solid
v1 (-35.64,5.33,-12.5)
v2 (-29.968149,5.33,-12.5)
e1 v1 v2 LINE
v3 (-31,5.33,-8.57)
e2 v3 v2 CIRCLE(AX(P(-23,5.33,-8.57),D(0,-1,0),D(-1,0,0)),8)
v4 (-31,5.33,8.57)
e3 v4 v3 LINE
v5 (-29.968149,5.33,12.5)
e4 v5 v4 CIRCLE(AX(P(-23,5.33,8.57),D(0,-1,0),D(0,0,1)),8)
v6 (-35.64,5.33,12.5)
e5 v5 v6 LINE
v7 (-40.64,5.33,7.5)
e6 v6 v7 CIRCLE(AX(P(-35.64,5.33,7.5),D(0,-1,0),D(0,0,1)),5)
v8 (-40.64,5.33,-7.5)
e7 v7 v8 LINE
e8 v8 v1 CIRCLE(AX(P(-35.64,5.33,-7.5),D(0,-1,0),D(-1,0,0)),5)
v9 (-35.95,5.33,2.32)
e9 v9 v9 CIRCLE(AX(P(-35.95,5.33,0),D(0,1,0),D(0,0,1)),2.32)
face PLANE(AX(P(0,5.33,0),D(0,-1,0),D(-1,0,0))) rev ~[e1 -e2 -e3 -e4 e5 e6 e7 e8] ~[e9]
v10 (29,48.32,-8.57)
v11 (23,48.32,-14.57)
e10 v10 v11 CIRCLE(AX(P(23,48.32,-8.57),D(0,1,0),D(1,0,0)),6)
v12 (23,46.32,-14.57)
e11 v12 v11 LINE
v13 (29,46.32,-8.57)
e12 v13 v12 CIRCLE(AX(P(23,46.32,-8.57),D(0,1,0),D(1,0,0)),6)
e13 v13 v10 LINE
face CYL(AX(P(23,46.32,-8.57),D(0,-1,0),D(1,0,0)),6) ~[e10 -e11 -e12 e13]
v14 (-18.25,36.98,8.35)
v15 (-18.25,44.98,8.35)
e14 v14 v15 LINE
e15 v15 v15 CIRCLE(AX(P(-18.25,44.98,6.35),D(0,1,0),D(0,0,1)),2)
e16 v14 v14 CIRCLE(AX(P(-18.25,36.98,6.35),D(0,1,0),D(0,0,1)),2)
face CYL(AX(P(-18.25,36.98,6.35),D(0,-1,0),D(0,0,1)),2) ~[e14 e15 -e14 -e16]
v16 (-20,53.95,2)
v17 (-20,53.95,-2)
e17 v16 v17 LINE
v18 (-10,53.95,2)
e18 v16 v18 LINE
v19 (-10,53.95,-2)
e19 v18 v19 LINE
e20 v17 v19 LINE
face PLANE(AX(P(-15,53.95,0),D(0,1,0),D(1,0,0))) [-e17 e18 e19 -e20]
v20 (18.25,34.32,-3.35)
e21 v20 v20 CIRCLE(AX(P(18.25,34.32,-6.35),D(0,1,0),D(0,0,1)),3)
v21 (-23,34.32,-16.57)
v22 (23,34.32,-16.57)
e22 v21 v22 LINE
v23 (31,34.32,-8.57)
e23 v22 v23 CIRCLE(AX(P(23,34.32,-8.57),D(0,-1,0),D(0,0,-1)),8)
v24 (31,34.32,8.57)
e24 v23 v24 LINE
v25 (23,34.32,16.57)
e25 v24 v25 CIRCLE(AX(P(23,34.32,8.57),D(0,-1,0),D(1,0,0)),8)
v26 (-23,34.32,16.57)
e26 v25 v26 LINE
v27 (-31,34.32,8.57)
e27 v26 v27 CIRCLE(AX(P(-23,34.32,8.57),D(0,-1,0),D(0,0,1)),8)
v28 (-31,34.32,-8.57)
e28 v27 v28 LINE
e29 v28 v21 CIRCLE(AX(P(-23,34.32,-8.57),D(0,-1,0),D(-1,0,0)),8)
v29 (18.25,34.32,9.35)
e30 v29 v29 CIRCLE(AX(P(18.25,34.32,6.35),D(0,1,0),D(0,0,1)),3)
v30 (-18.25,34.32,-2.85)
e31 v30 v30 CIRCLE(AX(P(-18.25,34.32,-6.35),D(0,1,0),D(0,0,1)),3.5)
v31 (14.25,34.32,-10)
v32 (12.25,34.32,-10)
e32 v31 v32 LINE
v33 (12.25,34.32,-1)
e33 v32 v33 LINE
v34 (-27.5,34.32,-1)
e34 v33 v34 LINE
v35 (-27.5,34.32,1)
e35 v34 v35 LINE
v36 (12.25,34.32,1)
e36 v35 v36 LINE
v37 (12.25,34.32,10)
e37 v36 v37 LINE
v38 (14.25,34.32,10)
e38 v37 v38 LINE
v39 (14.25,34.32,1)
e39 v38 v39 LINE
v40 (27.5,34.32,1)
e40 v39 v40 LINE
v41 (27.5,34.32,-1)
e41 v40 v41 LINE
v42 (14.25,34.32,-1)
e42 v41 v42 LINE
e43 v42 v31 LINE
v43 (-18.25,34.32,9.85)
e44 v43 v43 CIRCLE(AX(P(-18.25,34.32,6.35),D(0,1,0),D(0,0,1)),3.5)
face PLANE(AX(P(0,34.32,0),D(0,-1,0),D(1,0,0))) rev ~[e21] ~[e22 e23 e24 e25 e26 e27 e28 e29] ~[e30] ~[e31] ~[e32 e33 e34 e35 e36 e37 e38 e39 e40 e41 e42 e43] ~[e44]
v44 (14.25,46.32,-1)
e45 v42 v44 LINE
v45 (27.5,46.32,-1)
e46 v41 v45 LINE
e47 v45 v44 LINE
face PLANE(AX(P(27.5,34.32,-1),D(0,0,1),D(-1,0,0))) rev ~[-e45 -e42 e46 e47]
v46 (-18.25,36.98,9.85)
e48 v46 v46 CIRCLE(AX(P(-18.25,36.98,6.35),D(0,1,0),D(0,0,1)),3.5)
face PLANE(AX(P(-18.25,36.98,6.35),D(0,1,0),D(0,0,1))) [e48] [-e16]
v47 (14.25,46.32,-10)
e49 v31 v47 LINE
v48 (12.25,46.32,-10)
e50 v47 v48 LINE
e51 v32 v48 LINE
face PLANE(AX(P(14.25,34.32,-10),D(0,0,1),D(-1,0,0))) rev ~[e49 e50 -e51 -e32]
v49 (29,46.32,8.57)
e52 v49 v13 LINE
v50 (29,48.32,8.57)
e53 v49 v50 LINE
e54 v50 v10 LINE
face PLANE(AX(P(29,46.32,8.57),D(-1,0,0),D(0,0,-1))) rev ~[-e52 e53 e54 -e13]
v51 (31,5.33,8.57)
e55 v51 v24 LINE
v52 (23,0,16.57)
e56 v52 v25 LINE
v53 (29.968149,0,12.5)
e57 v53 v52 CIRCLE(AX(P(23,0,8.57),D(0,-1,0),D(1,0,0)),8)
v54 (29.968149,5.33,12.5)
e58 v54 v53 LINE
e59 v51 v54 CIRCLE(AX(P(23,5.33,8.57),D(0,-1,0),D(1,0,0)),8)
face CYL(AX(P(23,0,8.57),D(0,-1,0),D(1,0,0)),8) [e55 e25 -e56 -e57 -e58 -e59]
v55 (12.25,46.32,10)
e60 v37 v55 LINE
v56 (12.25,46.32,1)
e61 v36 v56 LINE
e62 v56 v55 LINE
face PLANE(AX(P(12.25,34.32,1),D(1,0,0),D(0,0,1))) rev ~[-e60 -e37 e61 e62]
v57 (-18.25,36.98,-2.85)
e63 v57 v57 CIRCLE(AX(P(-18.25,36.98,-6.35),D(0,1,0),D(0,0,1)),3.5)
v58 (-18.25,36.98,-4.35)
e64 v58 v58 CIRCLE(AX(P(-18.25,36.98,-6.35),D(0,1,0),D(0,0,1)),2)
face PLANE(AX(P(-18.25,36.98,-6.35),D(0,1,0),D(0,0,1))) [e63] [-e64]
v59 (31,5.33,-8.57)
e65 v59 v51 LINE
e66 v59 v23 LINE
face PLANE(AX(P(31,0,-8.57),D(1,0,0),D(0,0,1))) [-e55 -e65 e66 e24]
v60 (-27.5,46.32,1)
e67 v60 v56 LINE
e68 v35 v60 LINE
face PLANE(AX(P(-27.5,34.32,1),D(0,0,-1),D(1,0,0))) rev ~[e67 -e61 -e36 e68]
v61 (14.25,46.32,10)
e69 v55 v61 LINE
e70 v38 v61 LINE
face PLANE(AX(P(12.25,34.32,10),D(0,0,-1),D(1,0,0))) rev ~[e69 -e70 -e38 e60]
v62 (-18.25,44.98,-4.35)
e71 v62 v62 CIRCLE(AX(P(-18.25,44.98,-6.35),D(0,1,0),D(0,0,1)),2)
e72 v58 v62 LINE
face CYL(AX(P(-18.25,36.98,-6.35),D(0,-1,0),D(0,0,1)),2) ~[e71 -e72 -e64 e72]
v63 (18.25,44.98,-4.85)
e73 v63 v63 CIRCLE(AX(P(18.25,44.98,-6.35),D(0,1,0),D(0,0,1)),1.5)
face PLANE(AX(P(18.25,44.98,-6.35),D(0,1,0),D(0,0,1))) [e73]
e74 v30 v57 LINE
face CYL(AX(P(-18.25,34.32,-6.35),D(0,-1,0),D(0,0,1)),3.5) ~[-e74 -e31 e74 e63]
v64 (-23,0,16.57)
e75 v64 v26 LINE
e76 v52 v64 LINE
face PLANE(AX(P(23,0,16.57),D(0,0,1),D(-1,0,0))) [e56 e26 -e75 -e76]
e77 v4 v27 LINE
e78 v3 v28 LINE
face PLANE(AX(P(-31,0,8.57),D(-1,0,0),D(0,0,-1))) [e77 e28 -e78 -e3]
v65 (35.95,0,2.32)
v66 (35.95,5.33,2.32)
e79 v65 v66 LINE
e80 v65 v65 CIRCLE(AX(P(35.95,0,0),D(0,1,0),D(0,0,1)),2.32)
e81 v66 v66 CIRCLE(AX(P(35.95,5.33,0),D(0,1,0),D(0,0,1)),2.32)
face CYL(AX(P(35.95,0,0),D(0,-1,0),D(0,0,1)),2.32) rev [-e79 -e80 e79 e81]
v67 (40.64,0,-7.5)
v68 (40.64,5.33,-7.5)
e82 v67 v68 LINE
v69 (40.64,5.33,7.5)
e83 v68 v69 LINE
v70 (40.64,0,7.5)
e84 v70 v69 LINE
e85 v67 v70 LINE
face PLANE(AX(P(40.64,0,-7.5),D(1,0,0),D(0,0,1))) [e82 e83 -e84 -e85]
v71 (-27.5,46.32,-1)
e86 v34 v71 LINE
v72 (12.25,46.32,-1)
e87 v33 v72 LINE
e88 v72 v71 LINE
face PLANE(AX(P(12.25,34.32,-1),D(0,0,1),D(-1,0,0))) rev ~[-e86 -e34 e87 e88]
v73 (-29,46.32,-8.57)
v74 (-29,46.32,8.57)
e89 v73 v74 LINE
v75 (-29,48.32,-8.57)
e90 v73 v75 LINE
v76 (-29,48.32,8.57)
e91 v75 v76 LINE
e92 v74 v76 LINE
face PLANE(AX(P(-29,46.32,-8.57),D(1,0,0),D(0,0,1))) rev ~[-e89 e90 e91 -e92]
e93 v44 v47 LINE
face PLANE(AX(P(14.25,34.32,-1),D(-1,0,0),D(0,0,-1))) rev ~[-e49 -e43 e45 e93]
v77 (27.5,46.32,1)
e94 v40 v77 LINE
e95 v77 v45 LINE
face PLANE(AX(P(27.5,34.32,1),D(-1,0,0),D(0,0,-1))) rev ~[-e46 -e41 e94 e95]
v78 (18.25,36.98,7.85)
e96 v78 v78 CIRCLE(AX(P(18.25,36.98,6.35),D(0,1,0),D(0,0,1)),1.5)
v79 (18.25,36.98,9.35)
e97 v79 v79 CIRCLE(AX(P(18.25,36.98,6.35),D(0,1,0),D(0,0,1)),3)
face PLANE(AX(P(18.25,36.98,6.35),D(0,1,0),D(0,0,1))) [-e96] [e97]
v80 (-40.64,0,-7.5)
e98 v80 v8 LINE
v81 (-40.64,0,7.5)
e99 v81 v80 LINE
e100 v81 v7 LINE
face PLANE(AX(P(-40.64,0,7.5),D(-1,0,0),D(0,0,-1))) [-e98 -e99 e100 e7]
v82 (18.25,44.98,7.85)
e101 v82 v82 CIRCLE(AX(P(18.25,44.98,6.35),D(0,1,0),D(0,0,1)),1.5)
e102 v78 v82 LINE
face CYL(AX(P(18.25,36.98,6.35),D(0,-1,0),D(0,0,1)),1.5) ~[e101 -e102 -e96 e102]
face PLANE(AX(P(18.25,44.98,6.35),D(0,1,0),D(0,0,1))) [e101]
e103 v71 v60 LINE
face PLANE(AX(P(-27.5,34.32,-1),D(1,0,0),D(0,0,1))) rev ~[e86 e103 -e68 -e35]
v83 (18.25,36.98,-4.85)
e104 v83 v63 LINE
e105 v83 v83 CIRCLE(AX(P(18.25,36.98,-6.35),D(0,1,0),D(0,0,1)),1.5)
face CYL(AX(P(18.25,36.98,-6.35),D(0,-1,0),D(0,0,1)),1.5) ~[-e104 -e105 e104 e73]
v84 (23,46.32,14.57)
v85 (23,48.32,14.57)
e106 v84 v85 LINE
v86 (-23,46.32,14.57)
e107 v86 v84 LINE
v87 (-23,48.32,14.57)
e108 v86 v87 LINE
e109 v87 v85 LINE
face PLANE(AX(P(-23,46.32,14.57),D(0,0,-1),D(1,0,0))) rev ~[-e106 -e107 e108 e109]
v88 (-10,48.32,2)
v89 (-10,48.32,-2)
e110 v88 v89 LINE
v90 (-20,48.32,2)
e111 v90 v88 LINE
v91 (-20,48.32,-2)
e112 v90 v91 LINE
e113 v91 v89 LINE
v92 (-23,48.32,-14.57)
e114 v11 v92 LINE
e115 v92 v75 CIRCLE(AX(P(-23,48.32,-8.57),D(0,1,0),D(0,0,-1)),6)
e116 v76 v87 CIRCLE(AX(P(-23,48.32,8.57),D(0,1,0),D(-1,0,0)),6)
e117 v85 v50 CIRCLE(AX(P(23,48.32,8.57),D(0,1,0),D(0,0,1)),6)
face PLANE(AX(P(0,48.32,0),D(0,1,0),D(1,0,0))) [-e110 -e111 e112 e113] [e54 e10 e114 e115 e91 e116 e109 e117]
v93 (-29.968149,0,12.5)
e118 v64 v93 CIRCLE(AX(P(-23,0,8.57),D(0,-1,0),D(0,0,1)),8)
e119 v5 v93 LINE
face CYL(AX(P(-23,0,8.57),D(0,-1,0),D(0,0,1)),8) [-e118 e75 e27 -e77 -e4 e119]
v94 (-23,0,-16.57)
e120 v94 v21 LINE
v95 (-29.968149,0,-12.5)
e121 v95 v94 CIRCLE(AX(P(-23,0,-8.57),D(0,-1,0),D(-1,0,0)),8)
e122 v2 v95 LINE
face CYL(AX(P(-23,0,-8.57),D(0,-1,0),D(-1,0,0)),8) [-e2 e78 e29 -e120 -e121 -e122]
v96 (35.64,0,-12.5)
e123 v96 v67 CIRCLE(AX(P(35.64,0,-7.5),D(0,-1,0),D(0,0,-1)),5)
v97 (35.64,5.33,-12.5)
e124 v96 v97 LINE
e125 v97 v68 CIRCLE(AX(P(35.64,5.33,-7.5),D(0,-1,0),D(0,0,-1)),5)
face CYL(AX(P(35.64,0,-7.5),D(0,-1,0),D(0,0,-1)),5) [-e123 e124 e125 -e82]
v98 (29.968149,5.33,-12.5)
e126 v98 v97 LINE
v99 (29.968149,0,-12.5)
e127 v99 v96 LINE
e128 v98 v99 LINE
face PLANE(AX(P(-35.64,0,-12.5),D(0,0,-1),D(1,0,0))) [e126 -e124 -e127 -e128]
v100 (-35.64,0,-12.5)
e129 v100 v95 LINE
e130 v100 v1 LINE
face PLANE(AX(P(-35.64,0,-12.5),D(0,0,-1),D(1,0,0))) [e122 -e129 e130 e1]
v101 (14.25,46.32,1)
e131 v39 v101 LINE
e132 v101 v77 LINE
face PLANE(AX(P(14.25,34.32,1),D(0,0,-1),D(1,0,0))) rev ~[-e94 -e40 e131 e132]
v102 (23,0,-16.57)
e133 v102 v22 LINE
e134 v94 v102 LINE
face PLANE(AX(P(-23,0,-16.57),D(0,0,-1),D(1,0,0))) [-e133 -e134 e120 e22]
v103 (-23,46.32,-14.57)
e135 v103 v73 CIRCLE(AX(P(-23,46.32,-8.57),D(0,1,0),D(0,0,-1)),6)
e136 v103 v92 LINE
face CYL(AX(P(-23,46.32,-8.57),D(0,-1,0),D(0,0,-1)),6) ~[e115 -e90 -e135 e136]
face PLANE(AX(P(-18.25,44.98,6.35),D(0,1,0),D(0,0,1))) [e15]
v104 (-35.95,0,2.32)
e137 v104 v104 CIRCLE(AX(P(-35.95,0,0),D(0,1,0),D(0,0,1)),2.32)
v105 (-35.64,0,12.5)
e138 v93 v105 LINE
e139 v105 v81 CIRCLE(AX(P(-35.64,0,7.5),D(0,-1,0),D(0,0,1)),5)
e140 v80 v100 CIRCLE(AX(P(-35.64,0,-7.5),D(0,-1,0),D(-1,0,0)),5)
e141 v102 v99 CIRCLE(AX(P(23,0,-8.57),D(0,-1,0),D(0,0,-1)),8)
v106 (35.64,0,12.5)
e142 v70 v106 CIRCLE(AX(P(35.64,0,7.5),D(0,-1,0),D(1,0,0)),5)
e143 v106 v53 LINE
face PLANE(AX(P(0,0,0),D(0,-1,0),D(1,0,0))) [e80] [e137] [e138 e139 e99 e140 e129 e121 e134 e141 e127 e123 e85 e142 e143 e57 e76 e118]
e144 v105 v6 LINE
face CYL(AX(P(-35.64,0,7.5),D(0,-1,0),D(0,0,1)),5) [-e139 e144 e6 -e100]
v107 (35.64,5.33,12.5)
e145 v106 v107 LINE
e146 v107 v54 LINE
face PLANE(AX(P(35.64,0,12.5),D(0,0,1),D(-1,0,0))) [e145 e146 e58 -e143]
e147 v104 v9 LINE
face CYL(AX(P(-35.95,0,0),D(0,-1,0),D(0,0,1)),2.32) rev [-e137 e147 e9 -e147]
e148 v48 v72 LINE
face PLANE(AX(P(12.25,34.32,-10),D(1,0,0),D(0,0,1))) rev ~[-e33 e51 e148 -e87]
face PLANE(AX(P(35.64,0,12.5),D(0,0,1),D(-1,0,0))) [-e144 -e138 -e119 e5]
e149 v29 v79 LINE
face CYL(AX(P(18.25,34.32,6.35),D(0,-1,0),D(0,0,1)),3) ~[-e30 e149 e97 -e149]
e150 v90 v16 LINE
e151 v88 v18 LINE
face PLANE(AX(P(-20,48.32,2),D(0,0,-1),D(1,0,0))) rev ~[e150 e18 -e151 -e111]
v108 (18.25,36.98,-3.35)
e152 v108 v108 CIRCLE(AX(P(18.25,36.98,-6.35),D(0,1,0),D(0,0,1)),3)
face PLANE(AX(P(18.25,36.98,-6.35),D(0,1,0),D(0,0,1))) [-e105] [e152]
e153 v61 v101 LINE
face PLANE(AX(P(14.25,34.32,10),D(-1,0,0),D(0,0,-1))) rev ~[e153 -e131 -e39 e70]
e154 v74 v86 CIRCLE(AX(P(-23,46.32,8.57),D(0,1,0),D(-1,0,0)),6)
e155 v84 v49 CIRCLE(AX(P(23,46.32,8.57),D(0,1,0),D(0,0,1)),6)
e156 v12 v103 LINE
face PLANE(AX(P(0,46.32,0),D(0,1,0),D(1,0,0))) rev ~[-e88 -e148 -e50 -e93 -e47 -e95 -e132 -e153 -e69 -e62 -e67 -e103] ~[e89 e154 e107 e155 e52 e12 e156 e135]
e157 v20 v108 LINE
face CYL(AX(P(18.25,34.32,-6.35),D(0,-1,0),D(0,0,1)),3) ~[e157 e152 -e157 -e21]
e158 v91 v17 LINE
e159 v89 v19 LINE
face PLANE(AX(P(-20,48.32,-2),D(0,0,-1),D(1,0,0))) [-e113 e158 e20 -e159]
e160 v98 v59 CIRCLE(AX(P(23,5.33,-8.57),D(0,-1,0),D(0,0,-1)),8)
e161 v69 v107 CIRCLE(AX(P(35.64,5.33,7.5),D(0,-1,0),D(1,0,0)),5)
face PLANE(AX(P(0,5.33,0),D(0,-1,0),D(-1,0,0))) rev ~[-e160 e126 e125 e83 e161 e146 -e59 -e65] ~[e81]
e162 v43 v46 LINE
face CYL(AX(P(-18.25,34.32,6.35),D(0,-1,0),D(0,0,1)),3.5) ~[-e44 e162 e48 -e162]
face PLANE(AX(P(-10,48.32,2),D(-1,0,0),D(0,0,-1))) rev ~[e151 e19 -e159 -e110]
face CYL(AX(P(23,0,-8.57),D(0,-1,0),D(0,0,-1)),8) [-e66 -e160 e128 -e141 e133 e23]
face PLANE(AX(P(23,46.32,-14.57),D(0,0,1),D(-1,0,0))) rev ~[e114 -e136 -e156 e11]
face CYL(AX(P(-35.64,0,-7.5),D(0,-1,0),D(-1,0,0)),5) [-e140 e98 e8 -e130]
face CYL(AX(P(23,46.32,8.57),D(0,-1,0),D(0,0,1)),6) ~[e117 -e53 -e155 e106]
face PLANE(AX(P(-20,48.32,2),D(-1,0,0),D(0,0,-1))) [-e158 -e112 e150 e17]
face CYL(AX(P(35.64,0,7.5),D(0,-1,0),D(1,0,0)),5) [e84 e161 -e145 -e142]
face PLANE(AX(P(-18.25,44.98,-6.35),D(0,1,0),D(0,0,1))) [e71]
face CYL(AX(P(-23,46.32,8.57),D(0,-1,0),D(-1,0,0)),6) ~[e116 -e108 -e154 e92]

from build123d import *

# Parameters (mm, degrees)
SKETCH1_R           = 2.32
BOSS_EXTRUDE1_DEPTH = 5.33
BOSS_EXTRUDE2_DEPTH = 34.32
SKETCH3_R           = 3.5
SKETCH3_R_2         = 3
BOSS_EXTRUDE3_DEPTH = 2.66
SKETCH4_R           = 2
SKETCH4_R_2         = 1.5
BOSS_EXTRUDE4_DEPTH = 8
BOSS_EXTRUDE5_DEPTH = 12
BOSS_EXTRUDE6_DEPTH = 2
SKETCH7_W           = 10
SKETCH7_H           = 4
BOSS_EXTRUDE7_DEPTH = 5.63


with BuildPart() as part:
    # Sketch1 → Boss-Extrude1 (new body)
    with BuildSketch(Plane(origin=(0, 0, 0), x_dir=(1, 0, 0), z_dir=(0, 1, 0))):
        with BuildLine():
            Line((35.64, -12.5), (-35.64, -12.5))
            ThreePointArc((-35.64, -12.5), (-39.175533906, -11.035533906), (-40.64, -7.5))
            Line((-40.64, -7.5), (-40.64, 7.5))
            ThreePointArc((-40.64, 7.5), (-39.175533906, 11.035533906), (-35.64, 12.5))
            Line((-35.64, 12.5), (35.64, 12.5))
            ThreePointArc((35.64, 12.5), (39.175533906, 11.035533906), (40.64, 7.5))
            Line((40.64, 7.5), (40.64, -7.5))
            ThreePointArc((40.64, -7.5), (39.175533906, -11.035533906), (35.64, -12.5))
        make_face()
        with Locations(Location((-35.95, 0, 0), (0, 0, 270))):
            Circle(SKETCH1_R, mode=Mode.SUBTRACT)
        with Locations(Location((35.95, 0, 0), (0, 0, 270))):
            Circle(SKETCH1_R, mode=Mode.SUBTRACT)
    extrude(amount=BOSS_EXTRUDE1_DEPTH)

    # Sketch2 → Boss-Extrude2 (add)
    with BuildSketch(Plane.XZ):
        with BuildLine():
            Line((23, 16.57), (-23, 16.57))
            ThreePointArc((-23, 16.57), (-28.656854249, 14.226854249), (-31, 8.57))
            Line((-31, 8.57), (-31, -8.57))
            ThreePointArc((-31, -8.57), (-28.656854249, -14.226854249), (-23, -16.57))
            Line((-23, -16.57), (23, -16.57))
            ThreePointArc((23, -16.57), (28.656854249, -14.226854249), (31, -8.57))
            Line((31, -8.57), (31, 8.57))
            ThreePointArc((31, 8.57), (28.656854249, 14.226854249), (23, 16.57))
        make_face()
    extrude(amount=-BOSS_EXTRUDE2_DEPTH)

    # Sketch3 → Boss-Extrude3 (add)
    with BuildSketch(Plane(origin=(0, 34.32, 0), x_dir=(1, 0, 0), z_dir=(0, 1, 0))):
        with Locations(Location((-18.25, 6.35, 0), (0, 0, 270))):
            Circle(SKETCH3_R)
        with Locations(Location((-18.25, -6.35, 0), (0, 0, 270))):
            Circle(SKETCH3_R)
        with Locations(Location((18.25, -6.35, 0), (0, 0, 270))):
            Circle(SKETCH3_R_2)
        with Locations(Location((18.25, 6.35, 0), (0, 0, 270))):
            Circle(SKETCH3_R_2)
    extrude(amount=BOSS_EXTRUDE3_DEPTH)

    # Sketch4 → Boss-Extrude4 (add)
    with BuildSketch(Plane(origin=(0, 36.98, 0), x_dir=(1, 0, 0), z_dir=(0, 1, 0))):
        with Locations(Location((-18.25, 6.35, 0), (0, 0, 270))):
            Circle(SKETCH4_R)
        with Locations(Location((-18.25, -6.35, 0), (0, 0, 270))):
            Circle(SKETCH4_R)
        with Locations(Location((18.25, 6.35, 0), (0, 0, 270))):
            Circle(SKETCH4_R_2)
        with Locations(Location((18.25, -6.35, 0), (0, 0, 270))):
            Circle(SKETCH4_R_2)
    extrude(amount=BOSS_EXTRUDE4_DEPTH)

    # Sketch5 → Boss-Extrude5 (add)
    with BuildSketch(Plane(origin=(0, 34.32, 0), x_dir=(1, 0, 0), z_dir=(0, 1, 0))):
        Polygon((12.25, 1), (-27.5, 1), (-27.5, -1), (12.25, -1), (12.25, -10), (14.25, -10), (14.25, -1), (27.5, -1), (27.5, 1), (14.25, 1), (14.25, 10), (12.25, 10), align=None)
    extrude(amount=BOSS_EXTRUDE5_DEPTH)

    # Sketch6 → Boss-Extrude6 (add)
    with BuildSketch(Plane(origin=(0, 46.32, 0), x_dir=(1, 0, 0), z_dir=(0, 1, 0))):
        with BuildLine():
            Line((-29, 8.57), (-29, -8.57))
            ThreePointArc((-29, -8.57), (-27.242640687, -12.812640687), (-23, -14.57))
            Line((-23, -14.57), (23, -14.57))
            ThreePointArc((23, -14.57), (27.242640687, -12.812640687), (29, -8.57))
            Line((29, -8.57), (29, 8.57))
            ThreePointArc((29, 8.57), (27.242640687, 12.812640687), (23, 14.57))
            Line((23, 14.57), (-23, 14.57))
            ThreePointArc((-23, 14.57), (-27.242640687, 12.812640687), (-29, 8.57))
        make_face()
    extrude(amount=BOSS_EXTRUDE6_DEPTH)

    # Sketch7 → Boss-Extrude7 (add)
    with BuildSketch(Plane(origin=(0, 48.32, 0), x_dir=(1, 0, 0), z_dir=(0, 1, 0))):
        with Locations((-15, 0)):
            Rectangle(SKETCH7_W, SKETCH7_H)
    extrude(amount=BOSS_EXTRUDE7_DEPTH)


solid = part.part
